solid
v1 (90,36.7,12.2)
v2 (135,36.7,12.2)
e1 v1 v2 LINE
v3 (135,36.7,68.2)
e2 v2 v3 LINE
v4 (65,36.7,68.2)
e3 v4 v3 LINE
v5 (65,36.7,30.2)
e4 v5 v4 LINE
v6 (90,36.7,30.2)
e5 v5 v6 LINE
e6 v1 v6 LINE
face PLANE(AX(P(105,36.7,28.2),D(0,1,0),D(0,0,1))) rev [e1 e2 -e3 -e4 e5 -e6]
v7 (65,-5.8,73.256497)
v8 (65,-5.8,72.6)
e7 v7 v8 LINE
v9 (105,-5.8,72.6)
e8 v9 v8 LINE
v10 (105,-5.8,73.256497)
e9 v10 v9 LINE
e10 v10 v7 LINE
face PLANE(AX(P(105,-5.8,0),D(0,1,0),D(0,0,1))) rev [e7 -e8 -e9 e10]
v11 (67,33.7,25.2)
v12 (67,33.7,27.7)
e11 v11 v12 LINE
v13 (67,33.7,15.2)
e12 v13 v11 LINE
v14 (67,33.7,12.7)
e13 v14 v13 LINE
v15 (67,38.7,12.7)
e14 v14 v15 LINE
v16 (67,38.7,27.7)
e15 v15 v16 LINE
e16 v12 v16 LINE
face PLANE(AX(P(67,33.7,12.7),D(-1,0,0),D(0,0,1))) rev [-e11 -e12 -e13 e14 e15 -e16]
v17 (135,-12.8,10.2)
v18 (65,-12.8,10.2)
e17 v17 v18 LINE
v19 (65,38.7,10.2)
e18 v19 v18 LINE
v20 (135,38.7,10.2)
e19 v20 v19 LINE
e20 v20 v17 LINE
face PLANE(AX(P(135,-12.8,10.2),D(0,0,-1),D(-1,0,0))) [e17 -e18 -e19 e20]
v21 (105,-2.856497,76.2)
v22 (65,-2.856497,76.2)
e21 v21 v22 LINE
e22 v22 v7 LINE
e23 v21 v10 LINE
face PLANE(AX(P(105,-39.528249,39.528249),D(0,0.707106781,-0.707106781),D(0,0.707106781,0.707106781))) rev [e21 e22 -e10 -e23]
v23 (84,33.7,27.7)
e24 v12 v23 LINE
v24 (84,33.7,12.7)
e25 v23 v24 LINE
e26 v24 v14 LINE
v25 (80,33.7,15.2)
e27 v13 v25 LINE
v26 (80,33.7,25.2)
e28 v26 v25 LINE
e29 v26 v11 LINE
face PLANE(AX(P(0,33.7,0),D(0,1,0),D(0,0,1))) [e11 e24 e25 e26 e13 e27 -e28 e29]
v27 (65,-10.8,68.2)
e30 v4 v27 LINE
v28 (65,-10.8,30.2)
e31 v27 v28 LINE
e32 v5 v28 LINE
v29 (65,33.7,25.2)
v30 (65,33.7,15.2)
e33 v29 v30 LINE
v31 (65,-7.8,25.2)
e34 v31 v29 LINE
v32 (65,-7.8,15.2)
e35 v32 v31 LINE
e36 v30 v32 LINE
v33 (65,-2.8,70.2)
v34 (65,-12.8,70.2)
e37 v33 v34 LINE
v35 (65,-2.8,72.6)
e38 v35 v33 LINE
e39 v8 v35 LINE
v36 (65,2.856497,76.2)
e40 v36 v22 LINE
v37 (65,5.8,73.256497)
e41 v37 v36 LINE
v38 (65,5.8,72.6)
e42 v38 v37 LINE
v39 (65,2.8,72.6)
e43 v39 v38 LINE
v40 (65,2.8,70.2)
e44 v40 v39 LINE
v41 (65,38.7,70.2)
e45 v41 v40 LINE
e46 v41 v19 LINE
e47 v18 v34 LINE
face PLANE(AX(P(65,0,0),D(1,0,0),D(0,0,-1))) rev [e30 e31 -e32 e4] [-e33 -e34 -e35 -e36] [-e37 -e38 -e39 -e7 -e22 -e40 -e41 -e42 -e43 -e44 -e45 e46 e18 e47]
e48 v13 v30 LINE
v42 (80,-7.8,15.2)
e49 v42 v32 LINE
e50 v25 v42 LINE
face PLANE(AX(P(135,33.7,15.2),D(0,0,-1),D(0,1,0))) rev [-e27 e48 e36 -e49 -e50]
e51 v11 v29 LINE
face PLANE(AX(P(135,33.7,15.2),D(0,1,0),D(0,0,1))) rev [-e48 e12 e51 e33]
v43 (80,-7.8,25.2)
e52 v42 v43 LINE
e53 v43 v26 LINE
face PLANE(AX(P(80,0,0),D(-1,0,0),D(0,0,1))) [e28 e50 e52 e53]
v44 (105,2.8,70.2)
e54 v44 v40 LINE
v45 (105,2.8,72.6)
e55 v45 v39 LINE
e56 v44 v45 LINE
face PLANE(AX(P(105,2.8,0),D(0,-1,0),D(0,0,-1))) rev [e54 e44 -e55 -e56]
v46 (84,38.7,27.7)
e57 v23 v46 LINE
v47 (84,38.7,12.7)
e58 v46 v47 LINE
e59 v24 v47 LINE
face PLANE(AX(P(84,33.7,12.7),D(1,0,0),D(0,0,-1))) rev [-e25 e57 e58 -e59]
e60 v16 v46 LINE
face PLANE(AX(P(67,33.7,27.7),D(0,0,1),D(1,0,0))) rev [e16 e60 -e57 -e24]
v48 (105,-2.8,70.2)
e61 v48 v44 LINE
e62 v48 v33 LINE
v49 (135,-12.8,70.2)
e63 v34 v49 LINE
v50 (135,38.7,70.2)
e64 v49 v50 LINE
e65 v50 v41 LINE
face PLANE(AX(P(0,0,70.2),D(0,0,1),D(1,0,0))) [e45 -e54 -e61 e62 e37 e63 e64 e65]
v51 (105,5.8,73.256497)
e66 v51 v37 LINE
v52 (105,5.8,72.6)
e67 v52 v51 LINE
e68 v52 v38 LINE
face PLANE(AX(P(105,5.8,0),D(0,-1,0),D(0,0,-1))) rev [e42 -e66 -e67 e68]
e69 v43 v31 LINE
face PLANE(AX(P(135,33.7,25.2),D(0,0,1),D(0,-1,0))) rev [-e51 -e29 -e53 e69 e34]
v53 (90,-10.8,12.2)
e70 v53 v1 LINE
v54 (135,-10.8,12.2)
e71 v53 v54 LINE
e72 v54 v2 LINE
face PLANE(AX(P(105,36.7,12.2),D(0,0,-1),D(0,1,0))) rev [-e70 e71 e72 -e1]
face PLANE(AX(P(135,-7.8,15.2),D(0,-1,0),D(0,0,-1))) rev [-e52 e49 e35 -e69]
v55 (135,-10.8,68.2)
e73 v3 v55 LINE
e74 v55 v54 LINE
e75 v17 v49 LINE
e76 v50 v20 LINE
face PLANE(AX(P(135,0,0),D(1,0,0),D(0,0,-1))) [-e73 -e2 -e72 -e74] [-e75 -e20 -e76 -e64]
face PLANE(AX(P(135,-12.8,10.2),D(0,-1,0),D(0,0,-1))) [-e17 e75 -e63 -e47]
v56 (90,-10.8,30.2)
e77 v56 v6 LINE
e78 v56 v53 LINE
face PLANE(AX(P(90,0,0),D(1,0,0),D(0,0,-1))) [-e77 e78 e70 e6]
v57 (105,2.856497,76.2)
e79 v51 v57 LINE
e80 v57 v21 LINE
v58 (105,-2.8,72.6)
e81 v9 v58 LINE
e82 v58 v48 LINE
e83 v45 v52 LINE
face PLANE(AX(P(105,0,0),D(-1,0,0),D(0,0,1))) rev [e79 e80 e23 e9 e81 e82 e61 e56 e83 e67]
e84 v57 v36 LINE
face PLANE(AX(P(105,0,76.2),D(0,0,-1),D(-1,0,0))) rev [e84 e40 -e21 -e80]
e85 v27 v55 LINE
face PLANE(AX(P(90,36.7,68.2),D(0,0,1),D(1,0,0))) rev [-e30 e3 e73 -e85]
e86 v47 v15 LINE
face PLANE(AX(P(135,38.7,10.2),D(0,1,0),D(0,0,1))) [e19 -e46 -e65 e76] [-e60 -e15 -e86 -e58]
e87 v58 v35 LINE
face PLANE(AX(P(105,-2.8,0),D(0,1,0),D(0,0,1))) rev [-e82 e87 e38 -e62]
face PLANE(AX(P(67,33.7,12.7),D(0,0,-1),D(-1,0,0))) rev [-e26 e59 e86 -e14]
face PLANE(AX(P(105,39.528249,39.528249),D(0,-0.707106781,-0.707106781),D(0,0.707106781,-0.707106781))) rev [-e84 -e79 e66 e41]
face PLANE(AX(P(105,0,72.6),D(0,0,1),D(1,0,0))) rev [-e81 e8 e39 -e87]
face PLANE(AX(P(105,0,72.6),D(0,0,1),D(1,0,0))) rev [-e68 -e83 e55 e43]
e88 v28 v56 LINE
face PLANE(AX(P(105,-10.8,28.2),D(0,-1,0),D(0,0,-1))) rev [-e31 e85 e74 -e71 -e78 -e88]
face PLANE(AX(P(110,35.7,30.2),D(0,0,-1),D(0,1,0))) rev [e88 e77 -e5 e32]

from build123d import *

# Parameters (mm, degrees)
SKETCH1_R            = 2.1
BOSS_EXTRUDE1_DEPTH  = 65
SKETCH84_W           = 0.2
SKETCH84_H           = 5.6
BOSS_EXTRUDE8_DEPTH  = 40
SKETCH86_W           = 21.745720746
SKETCH86_H           = 21.517119214
CUT_EXTRUDE59_DEPTH  = 67.55103305
SKETCH87_W           = 20
SKETCH87_H           = 51.5
SKETCH87_W_2         = 10
SKETCH87_H_2         = 41.5
BOSS_EXTRUDE9_DEPTH  = 70
SKETCH88_W           = 17
SKETCH88_H           = 15
CUT_EXTRUDE60_DEPTH  = 5
SKETCH89_W           = 20
SKETCH89_H           = 51.5
BOSS_EXTRUDE10_DEPTH = 50
SKETCH90_W           = 10
SKETCH90_H           = 41.5
BOSS_EXTRUDE11_DEPTH = 5
SKETCH91_W           = 16
SKETCH91_H           = 47.5
CUT_EXTRUDE61_DEPTH  = 30
SKETCH92_W           = 70
SKETCH92_H           = 51.5
BOSS_EXTRUDE12_DEPTH = 40
BOSS_EXTRUDE13_DEPTH = 40
SKETCH94_W           = 13.084115127
SKETCH94_H           = 30.286066168
CUT_EXTRUDE62_DEPTH  = 40
SKETCH95_W           = 56
SKETCH95_H           = 47.5
CUT_EXTRUDE63_DEPTH  = 45
SKETCH97_W           = 37
SKETCH97_H           = 45.5
CUT_EXTRUDE64_DEPTH  = 45
SKETCH98_W           = 38
SKETCH98_H           = 47.5
CUT_EXTRUDE65_DEPTH  = 45


with BuildPart() as part:
    # Sketch1 → Boss-Extrude1 (new body)
    with BuildSketch(Plane(origin=(0, 0, 0), x_dir=(0, 0, -1), z_dir=(1, 0, 0))):
        with BuildLine():
            Line((-10, 9), (-10, 3))
            Line((-10, 3), (-8, 3))
            Line((-8, 3), (-8, 6))
            Line((-8, 6), (-7.060660172, 6))
            Line((-7.060660172, 6), (-4, 2.939339828))
            Line((-4, 2.939339828), (-4, -2.939339828))
            Line((-4, -2.939339828), (-7.060660172, -6))
            Line((-7.060660172, -6), (-8, -6))
            Line((-8, -6), (-8, -3))
            Line((-8, -3), (-10, -3))
            Line((-10, -3), (-10, -9))
            ThreePointArc((-10, -9), (-9.707106781, -9.707106781), (-9, -10))
            Line((-9, -10), (-3, -10))
            Line((-3, -10), (-3, -8))
            Line((-3, -8), (-6, -8))
            Line((-6, -8), (-6, -7.060660172))
            Line((-6, -7.060660172), (-2.939339828, -4))
            Line((-2.939339828, -4), (2.939339828, -4))
            Line((2.939339828, -4), (6, -7.060660172))
            Line((6, -7.060660172), (6, -8))
            Line((6, -8), (3, -8))
            Line((3, -8), (3, -10))
            Line((3, -10), (9, -10))
            ThreePointArc((9, -10), (9.707106781, -9.707106781), (10, -9))
            Line((10, -9), (10, -3))
            Line((10, -3), (8, -3))
            Line((8, -3), (8, -6))
            Line((8, -6), (7.060660172, -6))
            Line((7.060660172, -6), (4, -2.939339828))
            Line((4, -2.939339828), (4, 2.939339828))
            Line((4, 2.939339828), (7.060660172, 6))
            Line((7.060660172, 6), (8, 6))
            Line((8, 6), (8, 3))
            Line((8, 3), (10, 3))
            Line((10, 3), (10, 9))
            ThreePointArc((10, 9), (9.707106781, 9.707106781), (9, 10))
            Line((9, 10), (3, 10))
            Line((3, 10), (3, 8))
            Line((3, 8), (6, 8))
            Line((6, 8), (6, 7.060660172))
            Line((6, 7.060660172), (2.939339828, 4))
            Line((2.939339828, 4), (-2.939339828, 4))
            Line((-2.939339828, 4), (-6, 7.060660172))
            Line((-6, 7.060660172), (-6, 8))
            Line((-6, 8), (-3, 8))
            Line((-3, 8), (-3, 10))
            Line((-3, 10), (-9, 10))
            ThreePointArc((-9, 10), (-9.707106781, 9.707106781), (-10, 9))
        make_face()
        Circle(SKETCH1_R, mode=Mode.SUBTRACT)
    extrude(amount=BOSS_EXTRUDE1_DEPTH)

    # Sketch86 → Cut-Extrude59 (cut, through all)
    with BuildSketch(Plane(origin=(65, 0, 0), x_dir=(0, 0, -1), z_dir=(1, 0, 0))):
        with Locations((0.085738745, -0.242889128)):
            Rectangle(SKETCH86_W, SKETCH86_H)
    extrude(amount=-CUT_EXTRUDE59_DEPTH, mode=Mode.SUBTRACT)


with BuildPart() as body_2:
    # Sketch84 → Boss-Extrude8 (new body)
    with BuildSketch(Plane(origin=(65, 0, 0), x_dir=(0, 0, -1), z_dir=(1, 0, 0))):
        with Locations((-10.1, 0)):
            Rectangle(SKETCH84_W, SKETCH84_H)
        with Locations((-9.9, 0)):
            Rectangle(SKETCH84_W, SKETCH84_H)
        Polygon((-7.8, 5.8), (-7.143502884, 5.8), (-4.2, 2.856497116), (-4.2, -2.856497116), (-7.143502884, -5.8), (-7.8, -5.8), (-7.8, -2.8), (-9.8, -2.8), (-9.8, 2.8), (-7.8, 2.8), align=None)
    extrude(amount=BOSS_EXTRUDE8_DEPTH)

    # Sketch87 → Boss-Extrude9 (add)
    with BuildSketch(Plane.ZY.offset(-65)):
        with Locations((20.2, 12.95)):
            Rectangle(SKETCH87_W, SKETCH87_H)
        with Locations((20.2, 12.95)):
            Rectangle(SKETCH87_W_2, SKETCH87_H_2, mode=Mode.SUBTRACT)
    extrude(amount=-BOSS_EXTRUDE9_DEPTH)

    # Sketch88 → Cut-Extrude60 (cut)
    with BuildSketch(Plane(origin=(0, 38.7, 0), x_dir=(1, 0, 0), z_dir=(0, 1, 0))):
        with Locations((75.5, -20.2)):
            Rectangle(SKETCH88_W, SKETCH88_H)
    extrude(amount=-CUT_EXTRUDE60_DEPTH, mode=Mode.SUBTRACT)

    # Sketch89 → Boss-Extrude10 (add)
    with BuildSketch(Plane(origin=(135, 0, 0), x_dir=(0, 0, -1), z_dir=(1, 0, 0))):
        with Locations((-20.2, 12.95)):
            Rectangle(SKETCH89_W, SKETCH89_H)
    extrude(amount=-BOSS_EXTRUDE10_DEPTH)

    # Sketch90 → Boss-Extrude11 (add)
    with BuildSketch(Plane.ZY.offset(-85)):
        with Locations((20.2, 12.95)):
            Rectangle(SKETCH90_W, SKETCH90_H)
    extrude(amount=BOSS_EXTRUDE11_DEPTH)

    # Sketch91 → Cut-Extrude61 (cut)
    with BuildSketch(Plane(origin=(135, 0, 0), x_dir=(0, 0, -1), z_dir=(1, 0, 0))):
        with Locations((-20.2, 12.95)):
            Rectangle(SKETCH91_W, SKETCH91_H)
    extrude(amount=-CUT_EXTRUDE61_DEPTH, mode=Mode.SUBTRACT)

    # Sketch92 → Boss-Extrude12 (add)
    with BuildSketch(Plane.XY.offset(30.2)):
        with Locations((100, 12.95)):
            Rectangle(SKETCH92_W, SKETCH92_H)
    extrude(amount=BOSS_EXTRUDE12_DEPTH)

    # Sketch93 → Boss-Extrude13 (add)
    with BuildSketch(Plane.ZY.offset(-65)):
        Polygon((72.6, 2.8), (70.2, 2.8), (70.2, -2.8), (72.6, -2.8), (72.6, -5.8), (73.256497116, -5.8), (76.2, -2.856497116), (76.2, 2.856497116), (73.256497116, 5.8), (72.6, 5.8), align=None)
    extrude(amount=-BOSS_EXTRUDE13_DEPTH)

    # Sketch94 → Cut-Extrude62 (cut)
    with BuildSketch(Plane.ZY.offset(-65)):
        with Locations((3.657942437, 5.120137749)):
            Rectangle(SKETCH94_W, SKETCH94_H)
    extrude(amount=-CUT_EXTRUDE62_DEPTH, mode=Mode.SUBTRACT)

    # Sketch95 → Cut-Extrude63 (cut)
    with BuildSketch(Plane(origin=(135, 0, 0), x_dir=(0, 0, -1), z_dir=(1, 0, 0))):
        with Locations((-40.2, 12.95)):
            Rectangle(SKETCH95_W, SKETCH95_H)
    extrude(amount=-CUT_EXTRUDE63_DEPTH, mode=Mode.SUBTRACT)

    # Sketch97 → Cut-Extrude64 (cut)
    with BuildSketch(Plane.ZY.offset(-65)):
        with Locations((48.7, 12.95)):
            Rectangle(SKETCH97_W, SKETCH97_H)
    extrude(amount=-CUT_EXTRUDE64_DEPTH, mode=Mode.SUBTRACT)

    # Sketch98 → Cut-Extrude65 (cut)
    with BuildSketch(Plane(origin=(90, 0, 0), x_dir=(0, 0, -1), z_dir=(1, 0, 0))):
        with Locations((-49.2, 12.95)):
            Rectangle(SKETCH98_W, SKETCH98_H)
    extrude(amount=-CUT_EXTRUDE65_DEPTH, mode=Mode.SUBTRACT)


solid = body_2.part
